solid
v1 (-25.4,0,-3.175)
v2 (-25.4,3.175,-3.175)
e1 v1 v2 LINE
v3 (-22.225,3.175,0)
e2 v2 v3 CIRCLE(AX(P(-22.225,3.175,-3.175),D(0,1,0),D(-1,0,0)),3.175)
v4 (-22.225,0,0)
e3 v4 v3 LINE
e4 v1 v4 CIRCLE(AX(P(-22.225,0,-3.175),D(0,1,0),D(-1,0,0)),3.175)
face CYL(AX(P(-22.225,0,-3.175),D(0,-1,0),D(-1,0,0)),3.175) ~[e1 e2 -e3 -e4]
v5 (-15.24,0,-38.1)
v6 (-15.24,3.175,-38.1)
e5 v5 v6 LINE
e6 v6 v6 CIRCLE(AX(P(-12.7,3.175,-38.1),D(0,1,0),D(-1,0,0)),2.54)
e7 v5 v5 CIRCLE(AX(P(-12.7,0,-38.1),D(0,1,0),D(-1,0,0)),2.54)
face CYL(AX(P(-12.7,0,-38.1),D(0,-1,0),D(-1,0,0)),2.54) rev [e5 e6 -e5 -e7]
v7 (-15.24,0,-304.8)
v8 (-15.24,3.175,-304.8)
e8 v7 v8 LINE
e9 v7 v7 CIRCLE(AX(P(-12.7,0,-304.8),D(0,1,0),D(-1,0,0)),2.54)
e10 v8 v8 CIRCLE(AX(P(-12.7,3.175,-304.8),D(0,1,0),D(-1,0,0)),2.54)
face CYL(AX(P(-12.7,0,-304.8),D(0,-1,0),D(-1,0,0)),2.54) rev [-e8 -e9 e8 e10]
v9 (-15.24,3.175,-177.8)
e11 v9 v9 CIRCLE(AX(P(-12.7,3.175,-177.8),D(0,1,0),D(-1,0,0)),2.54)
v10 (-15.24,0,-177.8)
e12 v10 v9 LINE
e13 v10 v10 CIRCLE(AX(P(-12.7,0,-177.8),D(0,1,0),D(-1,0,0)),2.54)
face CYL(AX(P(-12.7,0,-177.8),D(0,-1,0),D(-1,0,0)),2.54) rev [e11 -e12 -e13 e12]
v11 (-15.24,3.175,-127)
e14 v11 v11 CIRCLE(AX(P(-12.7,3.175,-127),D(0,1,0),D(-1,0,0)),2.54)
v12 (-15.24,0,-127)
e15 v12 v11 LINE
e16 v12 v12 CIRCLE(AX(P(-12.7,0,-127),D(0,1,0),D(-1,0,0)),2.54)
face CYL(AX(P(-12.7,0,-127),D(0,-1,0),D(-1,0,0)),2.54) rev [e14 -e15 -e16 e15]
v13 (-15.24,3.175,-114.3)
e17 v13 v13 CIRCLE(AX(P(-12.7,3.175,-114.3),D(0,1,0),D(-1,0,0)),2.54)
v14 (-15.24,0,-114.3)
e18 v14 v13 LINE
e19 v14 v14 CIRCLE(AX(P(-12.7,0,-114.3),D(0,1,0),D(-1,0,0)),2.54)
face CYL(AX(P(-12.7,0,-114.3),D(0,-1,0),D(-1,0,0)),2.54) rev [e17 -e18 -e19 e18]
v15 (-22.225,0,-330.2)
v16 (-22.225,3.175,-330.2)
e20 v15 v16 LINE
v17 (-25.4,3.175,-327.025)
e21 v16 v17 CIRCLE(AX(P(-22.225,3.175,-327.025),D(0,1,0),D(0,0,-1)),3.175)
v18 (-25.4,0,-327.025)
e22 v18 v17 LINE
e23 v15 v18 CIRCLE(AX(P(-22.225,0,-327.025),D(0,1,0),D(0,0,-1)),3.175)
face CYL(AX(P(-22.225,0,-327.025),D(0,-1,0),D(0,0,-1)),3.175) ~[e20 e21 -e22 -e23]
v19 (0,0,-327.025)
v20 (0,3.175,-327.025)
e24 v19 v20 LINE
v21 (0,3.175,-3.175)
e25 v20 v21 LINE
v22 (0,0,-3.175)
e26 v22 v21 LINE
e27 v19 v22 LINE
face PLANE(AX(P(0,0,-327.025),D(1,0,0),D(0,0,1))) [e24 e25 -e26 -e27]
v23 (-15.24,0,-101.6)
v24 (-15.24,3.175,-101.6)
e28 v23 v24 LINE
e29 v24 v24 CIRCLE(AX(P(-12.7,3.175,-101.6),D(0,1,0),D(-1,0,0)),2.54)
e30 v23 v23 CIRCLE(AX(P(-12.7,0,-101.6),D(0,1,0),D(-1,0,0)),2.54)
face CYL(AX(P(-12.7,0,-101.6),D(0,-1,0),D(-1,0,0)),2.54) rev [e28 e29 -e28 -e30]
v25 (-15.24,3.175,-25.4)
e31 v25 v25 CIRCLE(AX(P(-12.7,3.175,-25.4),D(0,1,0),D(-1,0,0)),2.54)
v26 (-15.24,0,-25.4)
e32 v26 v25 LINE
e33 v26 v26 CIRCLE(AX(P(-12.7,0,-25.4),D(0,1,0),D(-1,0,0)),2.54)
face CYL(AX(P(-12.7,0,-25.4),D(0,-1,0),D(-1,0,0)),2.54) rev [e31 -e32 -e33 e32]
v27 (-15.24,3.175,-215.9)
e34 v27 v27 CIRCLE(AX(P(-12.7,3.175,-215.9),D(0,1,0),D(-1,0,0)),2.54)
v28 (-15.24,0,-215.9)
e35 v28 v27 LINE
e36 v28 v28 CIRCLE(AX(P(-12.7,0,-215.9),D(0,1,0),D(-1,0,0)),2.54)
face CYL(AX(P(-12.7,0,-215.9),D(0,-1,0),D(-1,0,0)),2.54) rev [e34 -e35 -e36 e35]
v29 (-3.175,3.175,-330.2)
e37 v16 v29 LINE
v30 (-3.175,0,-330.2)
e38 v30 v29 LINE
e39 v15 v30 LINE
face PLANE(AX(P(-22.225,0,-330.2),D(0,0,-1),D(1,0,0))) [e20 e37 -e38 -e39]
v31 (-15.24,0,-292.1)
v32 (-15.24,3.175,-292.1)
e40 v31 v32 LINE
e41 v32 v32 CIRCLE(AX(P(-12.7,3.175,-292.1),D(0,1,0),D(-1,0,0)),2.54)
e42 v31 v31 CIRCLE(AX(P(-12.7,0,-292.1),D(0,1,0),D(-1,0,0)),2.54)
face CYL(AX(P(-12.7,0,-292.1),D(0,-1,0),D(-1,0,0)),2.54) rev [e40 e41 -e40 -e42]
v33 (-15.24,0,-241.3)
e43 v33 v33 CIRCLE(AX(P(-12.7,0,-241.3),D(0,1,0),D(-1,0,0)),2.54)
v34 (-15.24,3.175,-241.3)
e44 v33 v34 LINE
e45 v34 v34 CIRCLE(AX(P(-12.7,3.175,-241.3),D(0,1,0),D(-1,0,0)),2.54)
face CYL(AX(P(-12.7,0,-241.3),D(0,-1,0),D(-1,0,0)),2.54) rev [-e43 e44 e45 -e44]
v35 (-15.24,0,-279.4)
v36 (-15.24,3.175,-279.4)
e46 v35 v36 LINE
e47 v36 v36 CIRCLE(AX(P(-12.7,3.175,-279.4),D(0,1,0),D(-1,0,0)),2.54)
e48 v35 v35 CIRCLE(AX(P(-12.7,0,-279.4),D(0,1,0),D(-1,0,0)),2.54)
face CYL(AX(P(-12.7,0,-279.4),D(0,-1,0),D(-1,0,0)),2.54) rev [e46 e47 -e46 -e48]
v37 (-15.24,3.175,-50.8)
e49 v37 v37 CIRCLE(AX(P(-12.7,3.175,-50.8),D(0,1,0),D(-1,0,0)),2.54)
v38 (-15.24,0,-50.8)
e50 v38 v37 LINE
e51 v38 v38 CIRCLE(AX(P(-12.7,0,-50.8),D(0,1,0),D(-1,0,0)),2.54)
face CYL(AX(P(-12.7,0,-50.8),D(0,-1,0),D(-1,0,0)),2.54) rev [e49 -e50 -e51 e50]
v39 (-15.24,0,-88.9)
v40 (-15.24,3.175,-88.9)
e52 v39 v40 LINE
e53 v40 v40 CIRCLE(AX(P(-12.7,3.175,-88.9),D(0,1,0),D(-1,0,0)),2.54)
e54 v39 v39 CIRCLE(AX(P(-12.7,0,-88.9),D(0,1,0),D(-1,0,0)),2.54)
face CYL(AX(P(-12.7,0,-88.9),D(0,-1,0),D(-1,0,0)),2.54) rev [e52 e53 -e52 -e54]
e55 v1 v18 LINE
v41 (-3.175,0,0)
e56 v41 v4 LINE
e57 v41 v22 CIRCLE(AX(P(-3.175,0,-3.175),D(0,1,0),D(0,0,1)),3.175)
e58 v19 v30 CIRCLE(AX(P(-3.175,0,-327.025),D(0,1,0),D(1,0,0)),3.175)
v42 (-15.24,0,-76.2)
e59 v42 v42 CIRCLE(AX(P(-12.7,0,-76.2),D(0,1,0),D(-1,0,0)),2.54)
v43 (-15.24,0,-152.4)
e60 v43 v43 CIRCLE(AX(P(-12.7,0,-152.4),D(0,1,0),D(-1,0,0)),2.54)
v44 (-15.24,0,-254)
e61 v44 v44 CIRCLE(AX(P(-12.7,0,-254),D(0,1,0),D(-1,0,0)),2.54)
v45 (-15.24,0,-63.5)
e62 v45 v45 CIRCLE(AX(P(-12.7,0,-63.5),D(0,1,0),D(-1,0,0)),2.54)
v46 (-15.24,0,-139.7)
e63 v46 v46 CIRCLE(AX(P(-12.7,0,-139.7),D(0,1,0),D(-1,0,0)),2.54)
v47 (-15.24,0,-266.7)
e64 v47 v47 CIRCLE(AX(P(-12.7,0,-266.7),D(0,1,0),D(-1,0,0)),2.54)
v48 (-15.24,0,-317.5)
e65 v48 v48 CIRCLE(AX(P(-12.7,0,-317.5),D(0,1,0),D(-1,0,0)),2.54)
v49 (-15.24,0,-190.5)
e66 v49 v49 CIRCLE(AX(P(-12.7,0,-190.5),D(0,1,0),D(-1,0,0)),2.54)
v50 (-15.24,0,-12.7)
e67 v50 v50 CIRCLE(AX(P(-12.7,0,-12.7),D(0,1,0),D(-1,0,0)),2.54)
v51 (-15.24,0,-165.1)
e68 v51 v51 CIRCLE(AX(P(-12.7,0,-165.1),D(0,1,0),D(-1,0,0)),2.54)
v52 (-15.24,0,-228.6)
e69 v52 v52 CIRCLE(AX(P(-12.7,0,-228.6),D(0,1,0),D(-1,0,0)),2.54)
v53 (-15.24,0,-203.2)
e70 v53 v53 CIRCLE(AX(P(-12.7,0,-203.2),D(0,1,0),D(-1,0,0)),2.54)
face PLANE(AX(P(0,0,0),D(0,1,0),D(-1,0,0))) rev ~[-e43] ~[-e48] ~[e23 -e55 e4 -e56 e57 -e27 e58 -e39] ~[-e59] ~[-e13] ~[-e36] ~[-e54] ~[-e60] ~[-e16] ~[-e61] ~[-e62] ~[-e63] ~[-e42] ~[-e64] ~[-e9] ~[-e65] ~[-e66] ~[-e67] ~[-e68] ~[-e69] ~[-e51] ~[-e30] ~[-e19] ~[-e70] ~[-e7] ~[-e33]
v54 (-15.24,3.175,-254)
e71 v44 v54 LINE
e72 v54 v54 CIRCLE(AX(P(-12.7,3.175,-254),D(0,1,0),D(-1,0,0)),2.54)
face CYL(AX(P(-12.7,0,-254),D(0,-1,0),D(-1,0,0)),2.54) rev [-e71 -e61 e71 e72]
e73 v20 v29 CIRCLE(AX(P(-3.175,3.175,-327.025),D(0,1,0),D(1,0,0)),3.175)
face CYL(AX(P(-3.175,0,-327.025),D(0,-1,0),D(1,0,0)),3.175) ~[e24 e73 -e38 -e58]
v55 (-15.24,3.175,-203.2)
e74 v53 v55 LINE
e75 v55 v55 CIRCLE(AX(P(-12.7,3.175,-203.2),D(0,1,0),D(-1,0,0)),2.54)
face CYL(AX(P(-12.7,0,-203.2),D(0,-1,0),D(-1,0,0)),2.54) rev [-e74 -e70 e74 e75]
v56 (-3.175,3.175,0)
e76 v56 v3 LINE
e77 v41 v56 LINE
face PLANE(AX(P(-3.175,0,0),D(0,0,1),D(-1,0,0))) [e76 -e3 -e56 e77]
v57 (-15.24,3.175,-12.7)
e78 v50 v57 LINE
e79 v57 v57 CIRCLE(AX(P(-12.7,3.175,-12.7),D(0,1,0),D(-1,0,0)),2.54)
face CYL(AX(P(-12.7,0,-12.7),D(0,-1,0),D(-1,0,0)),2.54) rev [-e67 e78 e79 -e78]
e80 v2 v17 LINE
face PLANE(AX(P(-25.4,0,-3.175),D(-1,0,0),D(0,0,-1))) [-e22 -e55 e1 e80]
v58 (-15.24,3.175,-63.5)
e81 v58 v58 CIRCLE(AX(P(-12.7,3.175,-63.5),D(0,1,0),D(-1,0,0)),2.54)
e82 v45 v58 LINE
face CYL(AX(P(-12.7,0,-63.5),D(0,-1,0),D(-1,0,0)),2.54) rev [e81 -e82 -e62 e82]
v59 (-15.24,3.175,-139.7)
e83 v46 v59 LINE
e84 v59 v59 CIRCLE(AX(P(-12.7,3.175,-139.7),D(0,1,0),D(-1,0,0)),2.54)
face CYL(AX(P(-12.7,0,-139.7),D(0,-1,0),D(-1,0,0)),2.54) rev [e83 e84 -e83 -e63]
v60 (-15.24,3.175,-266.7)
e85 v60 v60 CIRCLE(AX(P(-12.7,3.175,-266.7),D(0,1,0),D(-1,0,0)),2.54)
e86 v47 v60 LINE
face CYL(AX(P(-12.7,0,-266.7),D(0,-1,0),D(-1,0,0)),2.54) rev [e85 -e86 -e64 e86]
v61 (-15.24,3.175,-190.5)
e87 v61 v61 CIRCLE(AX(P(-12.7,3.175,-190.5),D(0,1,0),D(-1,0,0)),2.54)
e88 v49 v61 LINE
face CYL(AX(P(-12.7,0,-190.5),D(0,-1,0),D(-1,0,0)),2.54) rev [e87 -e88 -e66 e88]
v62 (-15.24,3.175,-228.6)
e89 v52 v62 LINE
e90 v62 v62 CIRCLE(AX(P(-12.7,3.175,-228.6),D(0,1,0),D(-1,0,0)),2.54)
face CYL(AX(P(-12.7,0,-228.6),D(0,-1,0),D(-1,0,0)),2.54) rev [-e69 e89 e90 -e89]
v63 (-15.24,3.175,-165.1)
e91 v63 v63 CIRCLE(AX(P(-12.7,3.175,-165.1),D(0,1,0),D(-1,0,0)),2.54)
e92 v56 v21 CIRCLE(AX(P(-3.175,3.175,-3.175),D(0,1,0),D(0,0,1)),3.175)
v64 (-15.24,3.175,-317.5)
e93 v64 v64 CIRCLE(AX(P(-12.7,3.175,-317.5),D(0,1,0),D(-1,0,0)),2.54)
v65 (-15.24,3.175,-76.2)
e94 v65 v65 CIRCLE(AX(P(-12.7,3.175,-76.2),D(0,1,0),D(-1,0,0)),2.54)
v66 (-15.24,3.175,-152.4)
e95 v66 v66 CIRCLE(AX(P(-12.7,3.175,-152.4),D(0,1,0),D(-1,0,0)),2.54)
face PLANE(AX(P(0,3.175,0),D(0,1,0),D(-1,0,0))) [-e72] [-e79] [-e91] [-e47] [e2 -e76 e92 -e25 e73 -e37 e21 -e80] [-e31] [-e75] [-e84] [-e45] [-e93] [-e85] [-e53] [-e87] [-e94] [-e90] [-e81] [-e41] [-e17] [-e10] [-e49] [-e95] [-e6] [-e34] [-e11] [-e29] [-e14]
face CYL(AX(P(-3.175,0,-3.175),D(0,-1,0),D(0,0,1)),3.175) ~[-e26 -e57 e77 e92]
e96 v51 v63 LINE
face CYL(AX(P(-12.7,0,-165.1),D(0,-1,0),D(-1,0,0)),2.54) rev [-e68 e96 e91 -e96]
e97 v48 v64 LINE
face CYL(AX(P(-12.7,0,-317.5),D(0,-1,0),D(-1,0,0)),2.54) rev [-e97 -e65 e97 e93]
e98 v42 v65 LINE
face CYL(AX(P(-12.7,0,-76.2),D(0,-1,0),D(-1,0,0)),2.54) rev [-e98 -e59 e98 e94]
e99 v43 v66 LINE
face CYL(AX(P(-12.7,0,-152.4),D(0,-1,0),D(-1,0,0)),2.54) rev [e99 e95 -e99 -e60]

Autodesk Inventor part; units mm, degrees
ref_plane "YZ Plane" through (0, 0, 0) normal (1, 0, 0) x (0, 1, 0)
ref_plane "XZ Plane" through (0, 0, 0) normal (0, 1, 0) x (-1, 0, 0)
ref_plane "XY Plane" through (0, 0, 0) normal (0, 0, 1) x (1, 0, 0)
sketch "Sketch1" plane through (0, 0, 0) normal (0, 1, 0) x (-1, 0, 0)
  line L0 (3.175, 0) -> (22.225, 0)
  line L1 (25.4, -3.175) -> (25.4, -327.025)
  line L2 (22.225, -330.2) -> (3.175, -330.2)
  line L3 (0, -327.025) -> (0, -3.175)
  arc A0 (25.4, -3.175) -> (22.225, 0) centre (22.225, -3.175) ccw
  arc A1 (3.175, 0) -> (0, -3.175) centre (3.175, -3.175) ccw
  arc A2 (22.225, -330.2) -> (25.4, -327.025) centre (22.225, -327.025) ccw
  arc A3 (0, -327.025) -> (3.175, -330.2) centre (3.175, -327.025) ccw
  circle A4 centre (12.7, -12.7) radius 2.54
  circle A5 centre (12.7, -25.4) radius 2.54
  circle A6 centre (12.7, -38.1) radius 2.54
  circle A7 centre (12.7, -50.8) radius 2.54
  circle A8 centre (12.7, -63.5) radius 2.54
  circle A9 centre (12.7, -76.2) radius 2.54
  circle A10 centre (12.7, -88.9) radius 2.54
  circle A11 centre (12.7, -101.6) radius 2.54
  circle A12 centre (12.7, -114.3) radius 2.54
  circle A13 centre (12.7, -127) radius 2.54
  circle A14 centre (12.7, -139.7) radius 2.54
  circle A15 centre (12.7, -152.4) radius 2.54
  circle A16 centre (12.7, -165.1) radius 2.54
  circle A17 centre (12.7, -177.8) radius 2.54
  circle A18 centre (12.7, -190.5) radius 2.54
  circle A19 centre (12.7, -203.2) radius 2.54
  circle A20 centre (12.7, -215.9) radius 2.54
  circle A21 centre (12.7, -228.6) radius 2.54
  circle A22 centre (12.7, -241.3) radius 2.54
  circle A23 centre (12.7, -254) radius 2.54
  circle A24 centre (12.7, -266.7) radius 2.54
  circle A25 centre (12.7, -279.4) radius 2.54
  circle A26 centre (12.7, -292.1) radius 2.54
  circle A27 centre (12.7, -304.8) radius 2.54
  circle A28 centre (12.7, -317.5) radius 2.54
  point P0 (0, 0)
  dimension "d0" = 25.4
  dimension "d1" = 330.2
  dimension "d2" = 3.175
  dimension "d3" = 5.08
  dimension "d4" = 12.7
  dimension "d5" = 12.7
  dimension "d17" = 12.7
extrude "Extrusion2" add sketch "Sketch1" along normal blind 3.175
properties part number "ELEV_018_SUPBAR2" material "Aluminum 6061"
